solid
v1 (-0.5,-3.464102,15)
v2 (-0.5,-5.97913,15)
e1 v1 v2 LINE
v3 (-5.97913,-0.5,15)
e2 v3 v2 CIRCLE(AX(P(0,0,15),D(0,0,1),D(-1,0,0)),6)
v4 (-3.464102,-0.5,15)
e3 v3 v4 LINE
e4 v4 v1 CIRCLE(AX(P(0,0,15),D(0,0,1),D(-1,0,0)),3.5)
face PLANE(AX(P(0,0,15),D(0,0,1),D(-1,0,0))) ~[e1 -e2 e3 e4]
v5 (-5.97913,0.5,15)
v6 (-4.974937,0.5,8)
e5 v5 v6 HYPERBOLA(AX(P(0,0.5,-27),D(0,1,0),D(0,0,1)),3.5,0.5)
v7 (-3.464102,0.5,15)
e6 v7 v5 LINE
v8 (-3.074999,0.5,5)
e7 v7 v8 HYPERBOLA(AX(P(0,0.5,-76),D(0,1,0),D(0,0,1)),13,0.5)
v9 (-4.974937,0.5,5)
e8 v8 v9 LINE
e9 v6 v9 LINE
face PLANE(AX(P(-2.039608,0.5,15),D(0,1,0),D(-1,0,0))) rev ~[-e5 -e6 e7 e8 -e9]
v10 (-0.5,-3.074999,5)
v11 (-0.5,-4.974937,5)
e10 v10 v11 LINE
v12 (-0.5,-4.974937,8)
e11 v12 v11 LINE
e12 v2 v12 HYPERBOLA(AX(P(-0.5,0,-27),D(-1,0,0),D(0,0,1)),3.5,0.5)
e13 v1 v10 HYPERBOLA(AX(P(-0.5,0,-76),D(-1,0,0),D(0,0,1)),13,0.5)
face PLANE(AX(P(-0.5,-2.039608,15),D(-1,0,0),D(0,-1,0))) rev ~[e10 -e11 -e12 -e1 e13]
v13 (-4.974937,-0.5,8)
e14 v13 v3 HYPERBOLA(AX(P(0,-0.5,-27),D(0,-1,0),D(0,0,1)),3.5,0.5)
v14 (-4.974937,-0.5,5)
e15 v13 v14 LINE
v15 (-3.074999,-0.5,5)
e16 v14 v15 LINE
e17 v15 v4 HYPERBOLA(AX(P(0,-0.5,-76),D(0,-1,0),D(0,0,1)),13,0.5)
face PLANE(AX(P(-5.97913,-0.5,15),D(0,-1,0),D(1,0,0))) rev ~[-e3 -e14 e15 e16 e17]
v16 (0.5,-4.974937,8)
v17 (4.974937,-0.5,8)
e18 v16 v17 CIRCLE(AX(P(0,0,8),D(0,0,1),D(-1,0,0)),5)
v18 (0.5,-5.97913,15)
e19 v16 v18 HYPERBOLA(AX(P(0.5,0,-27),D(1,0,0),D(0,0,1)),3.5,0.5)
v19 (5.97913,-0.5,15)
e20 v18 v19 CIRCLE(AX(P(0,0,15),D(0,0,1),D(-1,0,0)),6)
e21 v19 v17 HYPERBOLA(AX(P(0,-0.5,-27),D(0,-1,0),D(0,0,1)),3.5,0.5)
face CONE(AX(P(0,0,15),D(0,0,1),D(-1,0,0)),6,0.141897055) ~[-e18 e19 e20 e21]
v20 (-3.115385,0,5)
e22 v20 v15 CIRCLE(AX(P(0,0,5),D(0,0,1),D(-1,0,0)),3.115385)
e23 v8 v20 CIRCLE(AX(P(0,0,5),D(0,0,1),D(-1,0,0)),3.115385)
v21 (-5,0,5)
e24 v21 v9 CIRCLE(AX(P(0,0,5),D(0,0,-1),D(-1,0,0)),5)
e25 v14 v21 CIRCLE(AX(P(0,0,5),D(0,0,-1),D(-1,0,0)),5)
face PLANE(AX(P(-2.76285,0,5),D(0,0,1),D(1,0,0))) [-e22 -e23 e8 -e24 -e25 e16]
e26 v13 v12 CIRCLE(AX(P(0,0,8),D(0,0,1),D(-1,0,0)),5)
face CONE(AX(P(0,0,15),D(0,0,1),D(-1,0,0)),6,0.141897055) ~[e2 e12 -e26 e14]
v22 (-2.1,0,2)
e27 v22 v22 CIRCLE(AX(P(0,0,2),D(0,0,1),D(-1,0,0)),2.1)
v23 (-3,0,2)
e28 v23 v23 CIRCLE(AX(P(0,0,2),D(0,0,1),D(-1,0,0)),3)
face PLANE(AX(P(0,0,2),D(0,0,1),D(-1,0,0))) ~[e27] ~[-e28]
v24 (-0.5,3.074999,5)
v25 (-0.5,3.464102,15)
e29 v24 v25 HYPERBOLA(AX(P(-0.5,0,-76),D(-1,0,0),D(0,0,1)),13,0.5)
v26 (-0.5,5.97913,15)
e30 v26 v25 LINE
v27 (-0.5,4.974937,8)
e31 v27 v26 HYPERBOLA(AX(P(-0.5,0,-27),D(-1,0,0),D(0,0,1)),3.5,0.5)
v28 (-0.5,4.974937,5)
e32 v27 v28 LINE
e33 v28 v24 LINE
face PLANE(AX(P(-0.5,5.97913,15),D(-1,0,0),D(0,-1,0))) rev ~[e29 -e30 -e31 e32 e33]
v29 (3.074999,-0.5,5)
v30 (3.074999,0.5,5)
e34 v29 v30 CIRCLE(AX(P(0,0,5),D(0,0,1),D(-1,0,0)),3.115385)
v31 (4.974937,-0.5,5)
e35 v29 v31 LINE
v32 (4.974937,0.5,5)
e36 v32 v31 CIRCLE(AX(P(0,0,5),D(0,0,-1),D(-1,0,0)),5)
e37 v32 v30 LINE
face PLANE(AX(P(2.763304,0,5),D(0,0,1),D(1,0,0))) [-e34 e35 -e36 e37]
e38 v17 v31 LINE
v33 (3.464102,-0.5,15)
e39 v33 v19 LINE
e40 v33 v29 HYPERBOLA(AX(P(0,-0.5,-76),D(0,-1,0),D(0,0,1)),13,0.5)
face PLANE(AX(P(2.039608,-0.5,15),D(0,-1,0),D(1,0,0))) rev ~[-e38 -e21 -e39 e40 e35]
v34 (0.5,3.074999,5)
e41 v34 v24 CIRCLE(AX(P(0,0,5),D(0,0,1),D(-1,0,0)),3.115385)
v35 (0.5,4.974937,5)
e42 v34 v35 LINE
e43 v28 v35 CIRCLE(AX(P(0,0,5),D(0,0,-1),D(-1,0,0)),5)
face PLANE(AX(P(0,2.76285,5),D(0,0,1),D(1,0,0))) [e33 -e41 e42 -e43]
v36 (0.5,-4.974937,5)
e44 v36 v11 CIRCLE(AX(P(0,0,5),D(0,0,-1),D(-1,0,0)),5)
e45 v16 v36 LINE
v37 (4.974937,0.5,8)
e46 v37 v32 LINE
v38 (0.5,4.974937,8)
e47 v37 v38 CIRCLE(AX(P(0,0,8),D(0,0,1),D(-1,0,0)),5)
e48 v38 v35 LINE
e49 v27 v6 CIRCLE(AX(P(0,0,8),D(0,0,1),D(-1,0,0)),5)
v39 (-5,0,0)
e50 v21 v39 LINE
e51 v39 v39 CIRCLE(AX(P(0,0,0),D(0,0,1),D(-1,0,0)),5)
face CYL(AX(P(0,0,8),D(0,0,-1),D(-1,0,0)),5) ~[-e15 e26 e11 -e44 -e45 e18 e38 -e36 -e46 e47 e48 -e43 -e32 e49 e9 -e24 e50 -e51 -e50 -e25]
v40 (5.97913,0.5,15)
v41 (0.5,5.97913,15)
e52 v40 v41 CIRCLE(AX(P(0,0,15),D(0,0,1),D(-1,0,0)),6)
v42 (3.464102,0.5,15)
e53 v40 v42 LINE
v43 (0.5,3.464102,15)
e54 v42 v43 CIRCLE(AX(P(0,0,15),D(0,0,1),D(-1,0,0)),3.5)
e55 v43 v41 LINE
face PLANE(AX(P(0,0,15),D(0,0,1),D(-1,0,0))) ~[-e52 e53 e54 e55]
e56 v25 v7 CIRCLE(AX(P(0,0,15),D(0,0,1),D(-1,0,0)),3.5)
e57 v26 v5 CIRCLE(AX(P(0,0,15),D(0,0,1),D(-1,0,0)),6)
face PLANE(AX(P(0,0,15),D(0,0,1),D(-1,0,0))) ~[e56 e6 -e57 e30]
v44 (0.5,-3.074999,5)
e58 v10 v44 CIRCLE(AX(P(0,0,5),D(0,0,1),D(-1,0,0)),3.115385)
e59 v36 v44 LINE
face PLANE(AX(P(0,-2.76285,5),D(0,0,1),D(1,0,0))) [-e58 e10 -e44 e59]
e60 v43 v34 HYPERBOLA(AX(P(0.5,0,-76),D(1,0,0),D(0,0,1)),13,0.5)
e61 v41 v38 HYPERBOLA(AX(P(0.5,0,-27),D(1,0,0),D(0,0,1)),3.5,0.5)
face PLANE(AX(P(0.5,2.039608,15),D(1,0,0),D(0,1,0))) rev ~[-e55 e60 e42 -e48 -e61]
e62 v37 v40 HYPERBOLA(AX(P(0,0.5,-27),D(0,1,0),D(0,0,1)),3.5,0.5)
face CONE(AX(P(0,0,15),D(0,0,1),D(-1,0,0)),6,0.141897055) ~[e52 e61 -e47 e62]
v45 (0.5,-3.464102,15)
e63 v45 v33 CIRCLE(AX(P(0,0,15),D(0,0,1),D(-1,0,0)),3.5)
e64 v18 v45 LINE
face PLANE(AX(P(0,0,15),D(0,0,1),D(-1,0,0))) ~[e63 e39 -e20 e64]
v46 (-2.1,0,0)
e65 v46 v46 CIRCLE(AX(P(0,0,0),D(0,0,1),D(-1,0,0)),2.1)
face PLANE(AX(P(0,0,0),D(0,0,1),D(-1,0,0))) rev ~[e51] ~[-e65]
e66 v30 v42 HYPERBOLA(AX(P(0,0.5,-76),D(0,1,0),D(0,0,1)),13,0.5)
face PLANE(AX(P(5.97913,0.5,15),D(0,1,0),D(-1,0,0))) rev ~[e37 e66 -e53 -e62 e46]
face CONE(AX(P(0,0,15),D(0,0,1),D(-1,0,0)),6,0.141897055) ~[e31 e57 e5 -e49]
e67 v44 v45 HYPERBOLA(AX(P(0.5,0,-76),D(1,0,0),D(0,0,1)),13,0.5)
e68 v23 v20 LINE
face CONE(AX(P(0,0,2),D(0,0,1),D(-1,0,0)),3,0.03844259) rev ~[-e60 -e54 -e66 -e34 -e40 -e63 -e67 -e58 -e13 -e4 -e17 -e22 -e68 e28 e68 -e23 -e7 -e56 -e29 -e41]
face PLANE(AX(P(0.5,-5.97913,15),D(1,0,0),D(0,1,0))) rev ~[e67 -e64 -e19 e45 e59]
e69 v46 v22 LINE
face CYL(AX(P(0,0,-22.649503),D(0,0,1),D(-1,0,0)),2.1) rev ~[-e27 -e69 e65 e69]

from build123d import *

# Parameters (mm, degrees)
F3_D     = 4.2
F5_DEPTH = 10


with BuildPart() as f1:
    # F0 (on Front) → F1 (revolve)
    with BuildSketch(Plane.XZ):
        Polygon((-5, 0), (0, 0), (0, 2), (-3, 2), (-3.5, 15), (-6, 15), (-5, 8), align=None)
    revolve(axis=Axis((0, 0, 1), (0, 0, 1)))

    # F3 (through all)
    with Locations(Plane(origin=(0, 0, 0), x_dir=(1, 0, 0), z_dir=(0, 0, -1))):
        with Locations((0, 0)):
            Hole(F3_D / 2)

    # F4 (on face) → F5 (cut)
    with BuildSketch(Plane.XY.offset(15)):
        with BuildLine():
            Line((-2.0396078054, 0.5), (-3.4641016151, 0.5))
            ThreePointArc((-3.4641016151, 0.5), (-3.5, 0), (-3.4641016151, -0.5))
            Line((-3.4641016151, -0.5), (-2.0396078054, -0.5))
            ThreePointArc((-2.0396078054, -0.5), (-2.1, 0), (-2.0396078054, 0.5))
        make_face()
        with BuildLine():
            Line((-3.4641016151, 0.5), (-5.9791303716, 0.5))
            ThreePointArc((-5.9791303716, 0.5), (-6, 0), (-5.9791303716, -0.5))
            Line((-5.9791303716, -0.5), (-3.4641016151, -0.5))
            ThreePointArc((-3.4641016151, -0.5), (-3.5, 0), (-3.4641016151, 0.5))
        make_face()
        with BuildLine():
            ThreePointArc((0.5, 3.4641016151), (0, 3.5), (-0.5, 3.4641016151))
            Line((-0.5, 3.4641016151), (-0.5, 2.0396078054))
            ThreePointArc((-0.5, 2.0396078054), (0, 2.1), (0.5, 2.0396078054))
            Line((0.5, 2.0396078054), (0.5, 3.4641016151))
        make_face()
        with BuildLine():
            ThreePointArc((0.5, 5.9791303716), (0, 6), (-0.5, 5.9791303716))
            Line((-0.5, 5.9791303716), (-0.5, 3.4641016151))
            ThreePointArc((-0.5, 3.4641016151), (0, 3.5), (0.5, 3.4641016151))
            Line((0.5, 3.4641016151), (0.5, 5.9791303716))
        make_face()
        with BuildLine():
            ThreePointArc((3.5, 0), (3.491013868, 0.2506435188), (3.4641016151, 0.5))
            Line((3.4641016151, 0.5), (2.0396078054, 0.5))
            ThreePointArc((2.0396078054, 0.5), (2.1, 0), (2.0396078054, -0.5))
            Line((2.0396078054, -0.5), (3.4641016151, -0.5))
            ThreePointArc((3.4641016151, -0.5), (3.491013868, -0.2506435188), (3.5, 0))
        make_face()
        with BuildLine():
            ThreePointArc((6, 0), (5.9947803225, 0.2502176759), (5.9791303716, 0.5))
            Line((5.9791303716, 0.5), (3.4641016151, 0.5))
            ThreePointArc((3.4641016151, 0.5), (3.491013868, 0.2506435188), (3.5, 0))
            ThreePointArc((3.5, 0), (3.491013868, -0.2506435188), (3.4641016151, -0.5))
            Line((3.4641016151, -0.5), (5.9791303716, -0.5))
            ThreePointArc((5.9791303716, -0.5), (5.9947803225, -0.2502176759), (6, 0))
        make_face()
        with BuildLine():
            Line((-0.5, -2.0396078054), (-0.5, -3.4641016151))
            ThreePointArc((-0.5, -3.4641016151), (0, -3.5), (0.5, -3.4641016151))
            Line((0.5, -3.4641016151), (0.5, -2.0396078054))
            ThreePointArc((0.5, -2.0396078054), (0, -2.1), (-0.5, -2.0396078054))
        make_face()
        with BuildLine():
            Line((-0.5, -3.4641016151), (-0.5, -5.9791303716))
            ThreePointArc((-0.5, -5.9791303716), (0, -6), (0.5, -5.9791303716))
            Line((0.5, -5.9791303716), (0.5, -3.4641016151))
            ThreePointArc((0.5, -3.4641016151), (0, -3.5), (-0.5, -3.4641016151))
        make_face()
    extrude(amount=-F5_DEPTH, mode=Mode.SUBTRACT)


solid = f1.part
